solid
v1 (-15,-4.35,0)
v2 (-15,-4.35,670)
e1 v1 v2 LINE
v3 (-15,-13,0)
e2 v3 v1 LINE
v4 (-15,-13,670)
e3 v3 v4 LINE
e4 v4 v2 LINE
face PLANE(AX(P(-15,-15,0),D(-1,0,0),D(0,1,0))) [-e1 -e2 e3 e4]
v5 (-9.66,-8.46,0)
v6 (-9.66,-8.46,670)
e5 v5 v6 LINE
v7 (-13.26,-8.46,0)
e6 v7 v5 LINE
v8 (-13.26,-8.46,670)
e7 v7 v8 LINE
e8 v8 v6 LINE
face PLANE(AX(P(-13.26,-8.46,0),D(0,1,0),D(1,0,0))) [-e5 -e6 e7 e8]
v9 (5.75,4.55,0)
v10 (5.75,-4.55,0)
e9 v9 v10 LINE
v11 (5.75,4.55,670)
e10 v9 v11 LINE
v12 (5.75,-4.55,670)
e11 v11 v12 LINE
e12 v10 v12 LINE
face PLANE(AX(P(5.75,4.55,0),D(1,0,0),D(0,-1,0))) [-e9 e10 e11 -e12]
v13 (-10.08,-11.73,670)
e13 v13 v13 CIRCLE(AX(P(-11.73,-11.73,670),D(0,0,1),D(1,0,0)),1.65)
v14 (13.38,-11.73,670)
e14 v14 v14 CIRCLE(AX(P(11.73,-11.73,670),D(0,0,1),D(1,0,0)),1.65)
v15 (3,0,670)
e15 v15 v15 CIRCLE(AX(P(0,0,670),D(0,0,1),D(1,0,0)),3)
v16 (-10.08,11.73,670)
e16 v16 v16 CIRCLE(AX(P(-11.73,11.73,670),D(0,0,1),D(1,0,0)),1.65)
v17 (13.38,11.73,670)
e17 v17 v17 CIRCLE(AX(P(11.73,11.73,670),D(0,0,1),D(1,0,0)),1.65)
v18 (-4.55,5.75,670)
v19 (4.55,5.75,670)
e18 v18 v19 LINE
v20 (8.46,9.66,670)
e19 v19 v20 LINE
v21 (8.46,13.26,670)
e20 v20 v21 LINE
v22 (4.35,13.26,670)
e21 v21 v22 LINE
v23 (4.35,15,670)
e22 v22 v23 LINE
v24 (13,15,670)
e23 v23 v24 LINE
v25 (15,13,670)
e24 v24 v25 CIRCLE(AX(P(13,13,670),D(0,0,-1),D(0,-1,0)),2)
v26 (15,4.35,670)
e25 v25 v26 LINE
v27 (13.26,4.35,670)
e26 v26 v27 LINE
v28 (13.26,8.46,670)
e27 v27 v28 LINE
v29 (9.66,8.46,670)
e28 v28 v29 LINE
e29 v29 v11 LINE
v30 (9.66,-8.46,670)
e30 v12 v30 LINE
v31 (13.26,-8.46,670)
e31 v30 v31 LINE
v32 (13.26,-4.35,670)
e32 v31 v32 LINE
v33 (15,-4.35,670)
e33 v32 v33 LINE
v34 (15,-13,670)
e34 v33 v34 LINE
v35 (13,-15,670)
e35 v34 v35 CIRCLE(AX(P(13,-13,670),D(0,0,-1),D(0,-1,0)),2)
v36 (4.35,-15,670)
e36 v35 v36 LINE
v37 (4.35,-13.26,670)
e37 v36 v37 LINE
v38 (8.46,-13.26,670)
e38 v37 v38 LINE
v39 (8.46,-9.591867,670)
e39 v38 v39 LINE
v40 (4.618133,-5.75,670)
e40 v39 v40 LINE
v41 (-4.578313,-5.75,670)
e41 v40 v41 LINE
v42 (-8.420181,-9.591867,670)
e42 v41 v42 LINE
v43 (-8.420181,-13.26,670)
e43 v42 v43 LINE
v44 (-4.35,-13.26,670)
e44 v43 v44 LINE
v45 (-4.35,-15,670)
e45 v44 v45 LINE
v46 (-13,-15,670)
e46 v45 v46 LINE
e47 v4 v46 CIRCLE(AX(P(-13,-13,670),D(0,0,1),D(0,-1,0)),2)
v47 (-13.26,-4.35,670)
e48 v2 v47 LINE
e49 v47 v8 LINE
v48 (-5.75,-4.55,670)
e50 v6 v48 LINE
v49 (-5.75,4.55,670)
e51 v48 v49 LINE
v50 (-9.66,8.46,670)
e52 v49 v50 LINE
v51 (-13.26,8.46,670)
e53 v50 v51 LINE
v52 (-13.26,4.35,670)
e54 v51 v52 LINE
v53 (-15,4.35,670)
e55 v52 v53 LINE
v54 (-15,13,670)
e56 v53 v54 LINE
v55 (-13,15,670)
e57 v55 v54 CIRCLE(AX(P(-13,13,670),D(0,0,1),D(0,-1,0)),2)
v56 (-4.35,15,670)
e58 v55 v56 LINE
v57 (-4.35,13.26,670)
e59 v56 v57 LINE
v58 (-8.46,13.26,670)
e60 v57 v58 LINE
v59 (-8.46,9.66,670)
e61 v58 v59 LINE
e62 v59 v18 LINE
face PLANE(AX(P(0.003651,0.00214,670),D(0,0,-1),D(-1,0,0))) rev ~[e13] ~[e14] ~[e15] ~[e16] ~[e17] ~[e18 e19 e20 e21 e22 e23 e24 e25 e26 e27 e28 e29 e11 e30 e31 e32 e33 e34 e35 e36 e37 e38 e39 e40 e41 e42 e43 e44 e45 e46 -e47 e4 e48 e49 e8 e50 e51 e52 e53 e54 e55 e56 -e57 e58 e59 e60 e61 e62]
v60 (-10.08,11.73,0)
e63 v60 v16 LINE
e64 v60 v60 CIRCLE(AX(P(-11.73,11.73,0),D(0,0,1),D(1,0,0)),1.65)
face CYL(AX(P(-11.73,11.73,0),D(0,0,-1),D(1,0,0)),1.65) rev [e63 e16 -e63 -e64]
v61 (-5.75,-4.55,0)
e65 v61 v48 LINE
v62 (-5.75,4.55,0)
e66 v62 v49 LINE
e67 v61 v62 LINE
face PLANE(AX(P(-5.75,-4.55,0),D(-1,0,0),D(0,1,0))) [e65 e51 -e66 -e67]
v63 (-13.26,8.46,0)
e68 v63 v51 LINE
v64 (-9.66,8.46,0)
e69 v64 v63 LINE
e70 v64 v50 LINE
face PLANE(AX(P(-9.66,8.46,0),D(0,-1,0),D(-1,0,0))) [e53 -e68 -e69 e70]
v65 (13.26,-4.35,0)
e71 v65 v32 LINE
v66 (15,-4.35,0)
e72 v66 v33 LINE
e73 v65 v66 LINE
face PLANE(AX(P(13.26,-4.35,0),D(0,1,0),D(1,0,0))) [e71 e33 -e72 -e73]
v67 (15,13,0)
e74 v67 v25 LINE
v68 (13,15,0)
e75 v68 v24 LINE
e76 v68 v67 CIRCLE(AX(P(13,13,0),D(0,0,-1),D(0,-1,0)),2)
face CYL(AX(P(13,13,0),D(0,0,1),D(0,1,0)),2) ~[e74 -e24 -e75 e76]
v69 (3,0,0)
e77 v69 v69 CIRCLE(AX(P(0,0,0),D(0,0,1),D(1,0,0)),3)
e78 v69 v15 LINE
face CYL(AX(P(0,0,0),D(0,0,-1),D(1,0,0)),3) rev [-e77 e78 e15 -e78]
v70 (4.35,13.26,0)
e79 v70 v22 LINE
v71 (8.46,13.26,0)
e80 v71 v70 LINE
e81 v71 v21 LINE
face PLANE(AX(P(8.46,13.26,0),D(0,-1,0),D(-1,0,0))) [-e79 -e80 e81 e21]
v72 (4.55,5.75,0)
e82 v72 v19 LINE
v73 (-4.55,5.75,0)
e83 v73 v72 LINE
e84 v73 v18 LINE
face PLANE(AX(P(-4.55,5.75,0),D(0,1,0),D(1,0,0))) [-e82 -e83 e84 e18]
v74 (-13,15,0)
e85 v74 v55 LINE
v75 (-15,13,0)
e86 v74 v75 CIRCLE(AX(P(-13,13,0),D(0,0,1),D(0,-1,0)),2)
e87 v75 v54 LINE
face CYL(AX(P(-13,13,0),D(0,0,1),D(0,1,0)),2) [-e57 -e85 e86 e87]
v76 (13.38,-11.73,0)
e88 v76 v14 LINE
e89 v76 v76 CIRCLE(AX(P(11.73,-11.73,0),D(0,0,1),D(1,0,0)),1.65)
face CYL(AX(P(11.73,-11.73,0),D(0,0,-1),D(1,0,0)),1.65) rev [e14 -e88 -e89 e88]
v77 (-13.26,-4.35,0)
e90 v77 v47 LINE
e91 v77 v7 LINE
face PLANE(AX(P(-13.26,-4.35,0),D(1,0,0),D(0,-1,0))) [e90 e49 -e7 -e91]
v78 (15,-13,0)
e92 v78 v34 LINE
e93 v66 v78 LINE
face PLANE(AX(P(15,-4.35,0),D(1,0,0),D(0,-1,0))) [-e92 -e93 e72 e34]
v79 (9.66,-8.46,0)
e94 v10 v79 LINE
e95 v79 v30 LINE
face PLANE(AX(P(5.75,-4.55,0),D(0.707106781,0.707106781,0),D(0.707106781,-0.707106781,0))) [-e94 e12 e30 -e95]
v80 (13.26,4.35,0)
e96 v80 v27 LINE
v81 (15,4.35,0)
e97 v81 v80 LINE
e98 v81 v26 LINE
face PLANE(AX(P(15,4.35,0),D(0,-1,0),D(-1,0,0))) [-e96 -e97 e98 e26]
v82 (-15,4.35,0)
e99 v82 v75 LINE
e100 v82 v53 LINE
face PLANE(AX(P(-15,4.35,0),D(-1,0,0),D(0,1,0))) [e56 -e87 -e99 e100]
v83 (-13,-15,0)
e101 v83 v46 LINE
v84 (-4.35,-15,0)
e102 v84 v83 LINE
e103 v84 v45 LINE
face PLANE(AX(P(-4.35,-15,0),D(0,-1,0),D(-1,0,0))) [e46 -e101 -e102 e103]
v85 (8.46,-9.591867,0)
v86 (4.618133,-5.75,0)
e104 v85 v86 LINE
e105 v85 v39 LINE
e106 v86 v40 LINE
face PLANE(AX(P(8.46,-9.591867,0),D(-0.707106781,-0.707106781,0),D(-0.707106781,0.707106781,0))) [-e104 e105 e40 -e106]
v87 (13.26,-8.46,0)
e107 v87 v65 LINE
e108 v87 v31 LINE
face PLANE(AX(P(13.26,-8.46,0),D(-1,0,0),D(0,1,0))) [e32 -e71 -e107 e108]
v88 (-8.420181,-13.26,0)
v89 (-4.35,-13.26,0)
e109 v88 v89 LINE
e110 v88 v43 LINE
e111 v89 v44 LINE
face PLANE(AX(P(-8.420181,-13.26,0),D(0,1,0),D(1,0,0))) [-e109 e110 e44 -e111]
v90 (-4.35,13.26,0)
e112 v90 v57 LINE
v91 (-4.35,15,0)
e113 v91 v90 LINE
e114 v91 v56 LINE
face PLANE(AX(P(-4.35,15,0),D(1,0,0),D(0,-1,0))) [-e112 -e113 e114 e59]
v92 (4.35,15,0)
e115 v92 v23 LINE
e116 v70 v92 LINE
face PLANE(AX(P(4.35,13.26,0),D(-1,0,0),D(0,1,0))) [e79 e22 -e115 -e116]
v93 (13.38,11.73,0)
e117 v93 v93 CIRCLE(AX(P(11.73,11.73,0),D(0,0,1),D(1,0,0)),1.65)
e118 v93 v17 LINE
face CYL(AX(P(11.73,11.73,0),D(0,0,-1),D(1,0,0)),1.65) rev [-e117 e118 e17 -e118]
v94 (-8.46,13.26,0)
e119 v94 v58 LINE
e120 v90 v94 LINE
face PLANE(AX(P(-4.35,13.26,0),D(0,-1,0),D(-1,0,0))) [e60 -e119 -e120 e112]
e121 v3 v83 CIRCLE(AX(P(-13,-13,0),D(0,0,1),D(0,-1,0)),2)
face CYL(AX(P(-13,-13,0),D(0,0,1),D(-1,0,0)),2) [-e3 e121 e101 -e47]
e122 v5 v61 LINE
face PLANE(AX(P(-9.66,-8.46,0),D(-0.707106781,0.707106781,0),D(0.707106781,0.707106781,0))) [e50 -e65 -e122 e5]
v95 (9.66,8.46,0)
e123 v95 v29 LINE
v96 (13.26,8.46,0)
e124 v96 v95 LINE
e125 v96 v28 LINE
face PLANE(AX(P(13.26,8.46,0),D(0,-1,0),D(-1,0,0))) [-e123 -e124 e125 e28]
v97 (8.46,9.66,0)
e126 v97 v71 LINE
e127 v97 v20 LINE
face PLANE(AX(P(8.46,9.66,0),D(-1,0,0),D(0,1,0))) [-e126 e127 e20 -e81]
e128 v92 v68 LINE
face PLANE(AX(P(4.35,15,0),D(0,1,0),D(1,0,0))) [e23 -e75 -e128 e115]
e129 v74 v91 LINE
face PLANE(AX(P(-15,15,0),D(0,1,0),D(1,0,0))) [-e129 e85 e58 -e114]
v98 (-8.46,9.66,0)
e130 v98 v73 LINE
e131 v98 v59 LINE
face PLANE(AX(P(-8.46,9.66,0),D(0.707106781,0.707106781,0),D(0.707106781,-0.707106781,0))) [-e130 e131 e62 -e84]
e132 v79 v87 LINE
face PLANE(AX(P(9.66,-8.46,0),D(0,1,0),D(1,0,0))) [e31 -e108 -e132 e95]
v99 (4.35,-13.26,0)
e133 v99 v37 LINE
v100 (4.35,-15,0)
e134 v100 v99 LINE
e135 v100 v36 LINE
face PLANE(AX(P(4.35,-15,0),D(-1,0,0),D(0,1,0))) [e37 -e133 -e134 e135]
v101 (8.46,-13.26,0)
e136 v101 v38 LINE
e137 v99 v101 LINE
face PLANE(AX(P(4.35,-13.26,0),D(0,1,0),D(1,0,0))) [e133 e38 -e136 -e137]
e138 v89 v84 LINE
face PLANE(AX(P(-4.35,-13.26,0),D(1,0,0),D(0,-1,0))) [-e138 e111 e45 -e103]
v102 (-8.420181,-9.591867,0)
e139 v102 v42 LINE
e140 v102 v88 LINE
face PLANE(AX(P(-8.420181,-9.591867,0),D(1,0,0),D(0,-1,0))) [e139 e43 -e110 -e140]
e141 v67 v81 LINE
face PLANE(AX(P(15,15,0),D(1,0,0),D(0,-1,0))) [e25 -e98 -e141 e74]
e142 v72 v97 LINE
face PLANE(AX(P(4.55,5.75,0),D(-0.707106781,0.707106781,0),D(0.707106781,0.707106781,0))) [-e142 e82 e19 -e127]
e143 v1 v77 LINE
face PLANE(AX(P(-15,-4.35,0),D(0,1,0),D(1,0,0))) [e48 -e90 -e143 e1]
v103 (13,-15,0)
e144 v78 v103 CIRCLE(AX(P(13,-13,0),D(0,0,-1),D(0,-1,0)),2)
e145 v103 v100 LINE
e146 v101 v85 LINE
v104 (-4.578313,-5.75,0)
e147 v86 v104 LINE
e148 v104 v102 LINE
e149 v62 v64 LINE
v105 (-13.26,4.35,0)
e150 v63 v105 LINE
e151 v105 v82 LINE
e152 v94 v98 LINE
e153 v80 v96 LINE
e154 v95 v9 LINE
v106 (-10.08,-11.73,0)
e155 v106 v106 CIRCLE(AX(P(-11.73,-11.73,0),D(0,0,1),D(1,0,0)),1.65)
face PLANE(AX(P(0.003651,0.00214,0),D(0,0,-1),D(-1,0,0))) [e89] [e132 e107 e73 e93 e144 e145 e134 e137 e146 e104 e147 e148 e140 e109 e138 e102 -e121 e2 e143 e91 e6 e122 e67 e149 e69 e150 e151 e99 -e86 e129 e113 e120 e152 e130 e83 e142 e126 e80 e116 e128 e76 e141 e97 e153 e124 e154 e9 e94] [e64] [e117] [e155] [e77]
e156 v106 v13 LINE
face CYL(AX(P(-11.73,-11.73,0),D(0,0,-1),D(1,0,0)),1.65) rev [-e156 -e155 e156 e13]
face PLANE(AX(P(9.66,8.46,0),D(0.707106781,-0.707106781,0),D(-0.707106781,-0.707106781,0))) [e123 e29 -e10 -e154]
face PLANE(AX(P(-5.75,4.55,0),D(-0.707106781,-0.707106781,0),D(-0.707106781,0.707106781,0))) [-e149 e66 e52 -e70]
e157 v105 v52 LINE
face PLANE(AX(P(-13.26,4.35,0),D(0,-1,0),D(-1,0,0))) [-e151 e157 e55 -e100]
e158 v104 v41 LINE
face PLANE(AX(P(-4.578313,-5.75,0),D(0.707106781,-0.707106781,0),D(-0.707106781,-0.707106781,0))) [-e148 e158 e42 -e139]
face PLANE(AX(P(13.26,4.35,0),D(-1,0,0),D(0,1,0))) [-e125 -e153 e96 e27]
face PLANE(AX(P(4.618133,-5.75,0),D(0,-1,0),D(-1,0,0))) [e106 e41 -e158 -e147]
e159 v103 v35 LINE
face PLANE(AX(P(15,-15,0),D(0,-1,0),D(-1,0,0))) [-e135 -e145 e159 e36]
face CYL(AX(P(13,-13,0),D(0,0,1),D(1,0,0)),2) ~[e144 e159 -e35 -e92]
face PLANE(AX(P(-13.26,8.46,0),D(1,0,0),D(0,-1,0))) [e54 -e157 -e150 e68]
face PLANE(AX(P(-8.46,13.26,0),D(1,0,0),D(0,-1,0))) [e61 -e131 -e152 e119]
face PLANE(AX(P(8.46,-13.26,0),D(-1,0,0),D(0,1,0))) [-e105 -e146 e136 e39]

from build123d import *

# Parameters (mm, degrees)
SKETCH1_R           = 3
SKETCH1_R_2         = 1.65
BOSS_EXTRUDE1_DEPTH = 670
FILLET1_R           = 2


with BuildPart() as part:
    # Sketch1 → Boss-Extrude1 (new body)
    with BuildSketch(Plane.XY):
        Polygon((-8.46, 9.66), (-4.55, 5.75), (4.55, 5.75), (8.46, 9.66), (8.46, 13.26), (4.35, 13.26), (4.35, 15), (15, 15), (15, 4.35), (13.26, 4.35), (13.26, 8.46), (9.66, 8.46), (5.75, 4.55), (5.75, -4.55), (9.66, -8.46), (13.26, -8.46), (13.26, -4.35), (15, -4.35), (15, -15), (4.35, -15), (4.35, -13.26), (8.46, -13.26), (8.46, -9.59186747), (4.61813253, -5.75), (-4.578313253, -5.75), (-8.420180723, -9.59186747), (-8.420180723, -13.26), (-4.35, -13.26), (-4.35, -15), (-15, -15), (-15, -4.35), (-13.26, -4.35), (-13.26, -8.46), (-9.66, -8.46), (-5.75, -4.55), (-5.75, 4.55), (-9.66, 8.46), (-13.26, 8.46), (-13.26, 4.35), (-15, 4.35), (-15, 15), (-4.35, 15), (-4.35, 13.26), (-8.46, 13.26), align=None)
        Circle(SKETCH1_R, mode=Mode.SUBTRACT)
        with Locations((11.73, 11.73)):
            Circle(SKETCH1_R_2, mode=Mode.SUBTRACT)
        with Locations((11.73, -11.73)):
            Circle(SKETCH1_R_2, mode=Mode.SUBTRACT)
        with Locations((-11.73, -11.73)):
            Circle(SKETCH1_R_2, mode=Mode.SUBTRACT)
        with Locations((-11.73, 11.73)):
            Circle(SKETCH1_R_2, mode=Mode.SUBTRACT)
    extrude(amount=BOSS_EXTRUDE1_DEPTH)

    # Fillet1
    fillet1_edges = [part.edges().sort_by_distance(p)[0] for p in [
        (15, 15, 335),
        (15, -15, 335),
        (-15, -15, 335),
        (-15, 15, 335),
    ]]
    fillet(fillet1_edges, radius=FILLET1_R)


solid = part.part
